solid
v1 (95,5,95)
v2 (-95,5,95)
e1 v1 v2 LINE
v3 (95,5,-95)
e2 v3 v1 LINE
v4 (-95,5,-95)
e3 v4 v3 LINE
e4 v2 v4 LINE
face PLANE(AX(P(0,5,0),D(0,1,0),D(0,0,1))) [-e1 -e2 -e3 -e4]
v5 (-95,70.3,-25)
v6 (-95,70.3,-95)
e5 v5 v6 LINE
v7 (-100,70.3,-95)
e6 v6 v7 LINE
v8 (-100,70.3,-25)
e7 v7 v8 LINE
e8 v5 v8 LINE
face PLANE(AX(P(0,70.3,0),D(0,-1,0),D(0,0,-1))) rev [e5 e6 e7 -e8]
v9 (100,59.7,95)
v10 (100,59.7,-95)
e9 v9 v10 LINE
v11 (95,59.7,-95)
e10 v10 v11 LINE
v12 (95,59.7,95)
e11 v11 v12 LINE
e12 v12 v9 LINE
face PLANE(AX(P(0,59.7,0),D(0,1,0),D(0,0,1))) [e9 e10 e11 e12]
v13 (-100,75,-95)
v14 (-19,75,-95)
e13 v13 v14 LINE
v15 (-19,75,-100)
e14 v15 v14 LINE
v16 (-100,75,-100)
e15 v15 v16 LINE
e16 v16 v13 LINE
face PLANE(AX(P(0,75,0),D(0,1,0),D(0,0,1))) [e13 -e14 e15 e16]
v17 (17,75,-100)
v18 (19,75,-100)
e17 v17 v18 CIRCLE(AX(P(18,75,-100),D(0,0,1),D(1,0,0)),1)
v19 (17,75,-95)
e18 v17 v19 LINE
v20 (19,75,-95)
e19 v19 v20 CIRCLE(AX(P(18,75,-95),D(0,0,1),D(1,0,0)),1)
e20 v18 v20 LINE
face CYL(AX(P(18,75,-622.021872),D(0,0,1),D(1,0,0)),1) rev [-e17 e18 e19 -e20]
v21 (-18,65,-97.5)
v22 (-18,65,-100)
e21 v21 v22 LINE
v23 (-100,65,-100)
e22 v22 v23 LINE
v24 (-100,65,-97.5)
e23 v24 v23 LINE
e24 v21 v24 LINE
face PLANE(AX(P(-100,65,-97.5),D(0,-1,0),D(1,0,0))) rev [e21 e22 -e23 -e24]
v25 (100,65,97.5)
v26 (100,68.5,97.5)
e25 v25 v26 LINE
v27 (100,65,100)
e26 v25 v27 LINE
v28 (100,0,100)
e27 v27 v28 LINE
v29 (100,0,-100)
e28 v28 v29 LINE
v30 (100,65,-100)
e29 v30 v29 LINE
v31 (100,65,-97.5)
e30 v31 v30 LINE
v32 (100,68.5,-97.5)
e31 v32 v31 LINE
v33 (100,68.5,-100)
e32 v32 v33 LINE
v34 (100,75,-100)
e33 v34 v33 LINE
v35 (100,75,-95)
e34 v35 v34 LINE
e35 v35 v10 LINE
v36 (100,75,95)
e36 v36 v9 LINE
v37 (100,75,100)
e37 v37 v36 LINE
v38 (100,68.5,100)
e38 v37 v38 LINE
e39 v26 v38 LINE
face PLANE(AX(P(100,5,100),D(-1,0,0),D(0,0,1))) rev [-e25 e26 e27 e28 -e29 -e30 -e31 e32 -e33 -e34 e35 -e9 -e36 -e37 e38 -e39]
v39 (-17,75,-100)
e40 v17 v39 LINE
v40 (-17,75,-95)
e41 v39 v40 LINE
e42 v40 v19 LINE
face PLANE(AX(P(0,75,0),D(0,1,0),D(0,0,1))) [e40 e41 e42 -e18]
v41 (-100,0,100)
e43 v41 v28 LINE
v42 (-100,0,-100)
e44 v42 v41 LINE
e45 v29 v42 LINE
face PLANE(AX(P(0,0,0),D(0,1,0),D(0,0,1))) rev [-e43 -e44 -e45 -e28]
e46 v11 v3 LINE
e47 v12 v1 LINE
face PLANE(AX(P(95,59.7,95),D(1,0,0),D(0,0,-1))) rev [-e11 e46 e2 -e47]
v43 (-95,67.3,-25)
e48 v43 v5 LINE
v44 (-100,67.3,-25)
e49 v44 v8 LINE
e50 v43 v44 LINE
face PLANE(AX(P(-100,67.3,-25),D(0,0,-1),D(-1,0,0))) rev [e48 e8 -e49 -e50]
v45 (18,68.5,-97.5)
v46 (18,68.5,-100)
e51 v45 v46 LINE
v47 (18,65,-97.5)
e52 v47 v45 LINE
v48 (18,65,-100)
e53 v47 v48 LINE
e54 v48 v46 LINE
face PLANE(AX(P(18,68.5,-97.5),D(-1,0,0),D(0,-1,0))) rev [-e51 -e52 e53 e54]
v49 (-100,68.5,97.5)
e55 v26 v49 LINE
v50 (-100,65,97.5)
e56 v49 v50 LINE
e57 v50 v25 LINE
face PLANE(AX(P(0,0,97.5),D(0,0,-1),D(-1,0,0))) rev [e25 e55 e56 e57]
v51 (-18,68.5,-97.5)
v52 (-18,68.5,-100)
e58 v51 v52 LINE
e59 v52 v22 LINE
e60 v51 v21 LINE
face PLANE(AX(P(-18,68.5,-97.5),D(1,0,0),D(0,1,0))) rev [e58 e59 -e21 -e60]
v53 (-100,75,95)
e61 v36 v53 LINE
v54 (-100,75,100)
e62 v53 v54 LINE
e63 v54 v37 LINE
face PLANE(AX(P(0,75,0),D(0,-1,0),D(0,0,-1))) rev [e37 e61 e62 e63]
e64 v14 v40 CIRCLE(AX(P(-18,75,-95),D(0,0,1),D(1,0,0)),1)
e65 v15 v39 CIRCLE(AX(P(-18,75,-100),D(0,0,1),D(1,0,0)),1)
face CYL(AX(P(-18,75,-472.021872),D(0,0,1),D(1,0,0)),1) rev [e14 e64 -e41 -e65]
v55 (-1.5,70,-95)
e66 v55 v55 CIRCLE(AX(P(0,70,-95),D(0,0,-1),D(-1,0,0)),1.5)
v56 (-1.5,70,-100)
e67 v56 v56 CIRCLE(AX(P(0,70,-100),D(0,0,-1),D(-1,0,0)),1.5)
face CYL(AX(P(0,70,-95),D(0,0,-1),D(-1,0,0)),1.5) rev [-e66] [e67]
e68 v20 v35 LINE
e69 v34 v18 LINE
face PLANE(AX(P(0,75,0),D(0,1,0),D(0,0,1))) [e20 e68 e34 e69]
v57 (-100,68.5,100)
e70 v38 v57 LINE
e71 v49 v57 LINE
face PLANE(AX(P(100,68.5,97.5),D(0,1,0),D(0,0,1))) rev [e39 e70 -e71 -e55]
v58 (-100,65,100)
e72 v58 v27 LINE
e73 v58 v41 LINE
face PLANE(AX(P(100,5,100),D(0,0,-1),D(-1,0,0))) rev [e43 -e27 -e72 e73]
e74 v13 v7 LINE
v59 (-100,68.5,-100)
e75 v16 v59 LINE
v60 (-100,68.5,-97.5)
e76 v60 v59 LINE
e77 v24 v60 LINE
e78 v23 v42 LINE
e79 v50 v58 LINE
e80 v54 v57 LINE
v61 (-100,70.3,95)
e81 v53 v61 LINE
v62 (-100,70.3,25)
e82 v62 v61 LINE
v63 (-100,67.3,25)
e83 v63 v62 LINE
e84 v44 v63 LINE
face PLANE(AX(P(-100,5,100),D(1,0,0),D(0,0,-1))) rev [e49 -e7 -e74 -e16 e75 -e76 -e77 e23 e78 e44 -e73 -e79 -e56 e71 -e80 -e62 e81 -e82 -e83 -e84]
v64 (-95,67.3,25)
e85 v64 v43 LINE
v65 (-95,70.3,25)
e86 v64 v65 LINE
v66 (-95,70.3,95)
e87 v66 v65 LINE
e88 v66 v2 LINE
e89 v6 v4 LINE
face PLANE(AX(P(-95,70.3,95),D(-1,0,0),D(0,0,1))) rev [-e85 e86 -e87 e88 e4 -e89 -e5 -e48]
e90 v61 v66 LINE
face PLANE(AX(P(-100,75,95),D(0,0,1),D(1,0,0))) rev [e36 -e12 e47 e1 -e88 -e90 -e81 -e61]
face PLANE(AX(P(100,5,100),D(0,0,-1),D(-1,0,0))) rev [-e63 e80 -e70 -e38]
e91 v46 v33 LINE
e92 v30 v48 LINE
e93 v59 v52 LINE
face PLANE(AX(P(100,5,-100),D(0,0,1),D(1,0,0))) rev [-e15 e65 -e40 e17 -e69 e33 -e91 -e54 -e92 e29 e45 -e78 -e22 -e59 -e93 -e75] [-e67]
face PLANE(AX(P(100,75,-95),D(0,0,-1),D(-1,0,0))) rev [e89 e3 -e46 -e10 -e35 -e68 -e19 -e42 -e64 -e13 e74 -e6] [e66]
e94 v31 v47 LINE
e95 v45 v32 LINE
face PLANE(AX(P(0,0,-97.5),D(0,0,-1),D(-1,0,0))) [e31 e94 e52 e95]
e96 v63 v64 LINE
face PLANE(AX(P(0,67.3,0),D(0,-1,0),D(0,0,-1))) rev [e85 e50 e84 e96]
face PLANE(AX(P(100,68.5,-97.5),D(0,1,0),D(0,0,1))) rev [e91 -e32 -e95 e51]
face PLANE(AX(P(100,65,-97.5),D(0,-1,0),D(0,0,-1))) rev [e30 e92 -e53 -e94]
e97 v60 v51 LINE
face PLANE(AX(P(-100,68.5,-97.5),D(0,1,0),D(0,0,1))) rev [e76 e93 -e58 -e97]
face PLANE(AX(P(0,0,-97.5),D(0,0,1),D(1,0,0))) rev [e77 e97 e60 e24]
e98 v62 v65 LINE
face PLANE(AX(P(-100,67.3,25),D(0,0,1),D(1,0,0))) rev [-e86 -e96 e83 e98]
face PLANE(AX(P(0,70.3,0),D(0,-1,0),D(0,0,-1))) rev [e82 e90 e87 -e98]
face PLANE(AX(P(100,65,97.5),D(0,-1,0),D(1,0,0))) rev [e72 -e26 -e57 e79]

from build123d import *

# Parameters (mm, degrees)
SKETCH_1_W               = 200
SKETCH_1_H               = 200
EXTRUDE_2_DEPTH          = 5
SKETCH_2_W               = 200
SKETCH_2_H               = 5
EXTRUDE_3_DEPTH          = 70
SKETCH_3_W               = 5
SKETCH_3_H               = 190
EXTRUDE_4_DEPTH          = 54.7
SKETCH_4_W               = 200
SKETCH_4_H               = 5
EXTRUDE_5_DEPTH          = 70
SKETCH_14_W              = 5
SKETCH_14_H              = 190
EXTRUDE_7_DEPTH          = 65.3
SKETCH_15_W              = 5
SKETCH_15_H              = 50
CUT_EXTRUDE_7_DEPTH      = 3
CUT_EXTRUDE_8_DEPTH      = 1
CUT_EXTRUDE_8_DEPTH_BACK = 5
CUT_EXTRUDE_9_DEPTH      = 1
CUT_EXTRUDE_9_DEPTH_BACK = 5
SKETCH_19_R              = 1.5
CUT_EXTRUDE_10_DEPTH     = 5
SKETCH_20_W              = 200
SKETCH_20_H              = 3.5
CUT_EXTRUDE_11_DEPTH     = 2.5
SKETCH_21_W              = 82
SKETCH_21_H              = 3.5
CUT_EXTRUDE_13_DEPTH     = 2.5


with BuildPart() as part:
    # Эскиз1 → Бобышка-Вытянуть2 (new body)
    with BuildSketch(Plane(origin=(0, 0, 0), x_dir=(1, 0, 0), z_dir=(0, 1, 0))):
        Rectangle(SKETCH_1_W, SKETCH_1_H)
    extrude(amount=EXTRUDE_2_DEPTH)

    # Эскиз2 → Бобышка-Вытянуть3 (add)
    with BuildSketch(Plane(origin=(0, 5, 0), x_dir=(1, 0, 0), z_dir=(0, 1, 0))):
        with Locations((0, -97.5)):
            Rectangle(SKETCH_2_W, SKETCH_2_H)
    extrude(amount=EXTRUDE_3_DEPTH)

    # Эскиз3 → Бобышка-Вытянуть4 (add)
    with BuildSketch(Plane(origin=(0, 5, 0), x_dir=(1, 0, 0), z_dir=(0, 1, 0))):
        with Locations((97.5, 0)):
            Rectangle(SKETCH_3_W, SKETCH_3_H)
    extrude(amount=EXTRUDE_4_DEPTH)

    # Эскиз4 → Бобышка-Вытянуть5 (add)
    with BuildSketch(Plane(origin=(0, 5, 0), x_dir=(1, 0, 0), z_dir=(0, 1, 0))):
        with Locations((0, 97.5)):
            Rectangle(SKETCH_4_W, SKETCH_4_H)
    extrude(amount=EXTRUDE_5_DEPTH)

    # Эскиз14 → Бобышка-Вытянуть7 (add)
    with BuildSketch(Plane(origin=(0, 5, 0), x_dir=(1, 0, 0), z_dir=(0, 1, 0))):
        with Locations((-97.5, 0)):
            Rectangle(SKETCH_14_W, SKETCH_14_H)
    extrude(amount=EXTRUDE_7_DEPTH)

    # Эскиз15 → Вырез-Вытянуть7 (cut)
    with BuildSketch(Plane(origin=(0, 70.3, 0), x_dir=(1, 0, 0), z_dir=(0, 1, 0))):
        with Locations((-97.5, 0)):
            Rectangle(SKETCH_15_W, SKETCH_15_H)
    extrude(amount=-CUT_EXTRUDE_7_DEPTH, mode=Mode.SUBTRACT)

    # Эскиз16 → Вырез-Вытянуть8 (cut, two sides)
    with BuildSketch(Plane(origin=(0, 0, -100), x_dir=(-1, 0, 0), z_dir=(0, 0, -1))) as cut_extrude_8_sk:
        with BuildLine():
            Line((-19, 366.325434328), (-19, 75))
            ThreePointArc((-19, 75), (-18, 74), (-17, 75))
            Line((-17, 75), (-17, 366.325434328))
            Line((-17, 366.325434328), (-17, 948.976302985))
            Line((-17, 948.976302985), (-19, 948.976302985))
            Line((-19, 948.976302985), (-19, 366.325434328))
        make_face()
    extrude(amount=CUT_EXTRUDE_8_DEPTH, mode=Mode.SUBTRACT)
    extrude(cut_extrude_8_sk.sketch, amount=-CUT_EXTRUDE_8_DEPTH_BACK, mode=Mode.SUBTRACT)

    # Эскиз18 → Вырез-Вытянуть9 (cut, two sides)
    with BuildSketch(Plane(origin=(0, 0, -100), x_dir=(-1, 0, 0), z_dir=(0, 0, -1))) as cut_extrude_9_sk:
        with BuildLine():
            Line((17, 366.325434328), (17, 75))
            ThreePointArc((17, 75), (18, 74), (19, 75))
            Line((19, 75), (19, 366.325434328))
            Line((19, 366.325434328), (19, 948.976302985))
            Line((19, 948.976302985), (17, 948.976302985))
            Line((17, 948.976302985), (17, 366.325434328))
        make_face()
    extrude(amount=CUT_EXTRUDE_9_DEPTH, mode=Mode.SUBTRACT)
    extrude(cut_extrude_9_sk.sketch, amount=-CUT_EXTRUDE_9_DEPTH_BACK, mode=Mode.SUBTRACT)

    # Эскиз19 → Вырез-Вытянуть10 (cut)
    with BuildSketch(Plane(origin=(0, 0, -100), x_dir=(-1, 0, 0), z_dir=(0, 0, -1))):
        with Locations((0, 70)):
            Circle(SKETCH_19_R)
    extrude(amount=-CUT_EXTRUDE_10_DEPTH, mode=Mode.SUBTRACT)

    # Эскиз20 → Вырез-Вытянуть11 (cut)
    with BuildSketch(Plane.XY.offset(100)):
        with Locations((0, 66.75)):
            Rectangle(SKETCH_20_W, SKETCH_20_H)
    extrude(amount=-CUT_EXTRUDE_11_DEPTH, mode=Mode.SUBTRACT)

    # Эскиз21 → Вырез-Вытянуть13 (cut)
    with BuildSketch(Plane(origin=(0, 0, -100), x_dir=(-1, 0, 0), z_dir=(0, 0, -1))):
        with Locations((-59, 66.75)):
            Rectangle(SKETCH_21_W, SKETCH_21_H)
        with Locations((59, 66.75)):
            Rectangle(SKETCH_21_W, SKETCH_21_H)
    extrude(amount=-CUT_EXTRUDE_13_DEPTH, mode=Mode.SUBTRACT)


solid = part.part
